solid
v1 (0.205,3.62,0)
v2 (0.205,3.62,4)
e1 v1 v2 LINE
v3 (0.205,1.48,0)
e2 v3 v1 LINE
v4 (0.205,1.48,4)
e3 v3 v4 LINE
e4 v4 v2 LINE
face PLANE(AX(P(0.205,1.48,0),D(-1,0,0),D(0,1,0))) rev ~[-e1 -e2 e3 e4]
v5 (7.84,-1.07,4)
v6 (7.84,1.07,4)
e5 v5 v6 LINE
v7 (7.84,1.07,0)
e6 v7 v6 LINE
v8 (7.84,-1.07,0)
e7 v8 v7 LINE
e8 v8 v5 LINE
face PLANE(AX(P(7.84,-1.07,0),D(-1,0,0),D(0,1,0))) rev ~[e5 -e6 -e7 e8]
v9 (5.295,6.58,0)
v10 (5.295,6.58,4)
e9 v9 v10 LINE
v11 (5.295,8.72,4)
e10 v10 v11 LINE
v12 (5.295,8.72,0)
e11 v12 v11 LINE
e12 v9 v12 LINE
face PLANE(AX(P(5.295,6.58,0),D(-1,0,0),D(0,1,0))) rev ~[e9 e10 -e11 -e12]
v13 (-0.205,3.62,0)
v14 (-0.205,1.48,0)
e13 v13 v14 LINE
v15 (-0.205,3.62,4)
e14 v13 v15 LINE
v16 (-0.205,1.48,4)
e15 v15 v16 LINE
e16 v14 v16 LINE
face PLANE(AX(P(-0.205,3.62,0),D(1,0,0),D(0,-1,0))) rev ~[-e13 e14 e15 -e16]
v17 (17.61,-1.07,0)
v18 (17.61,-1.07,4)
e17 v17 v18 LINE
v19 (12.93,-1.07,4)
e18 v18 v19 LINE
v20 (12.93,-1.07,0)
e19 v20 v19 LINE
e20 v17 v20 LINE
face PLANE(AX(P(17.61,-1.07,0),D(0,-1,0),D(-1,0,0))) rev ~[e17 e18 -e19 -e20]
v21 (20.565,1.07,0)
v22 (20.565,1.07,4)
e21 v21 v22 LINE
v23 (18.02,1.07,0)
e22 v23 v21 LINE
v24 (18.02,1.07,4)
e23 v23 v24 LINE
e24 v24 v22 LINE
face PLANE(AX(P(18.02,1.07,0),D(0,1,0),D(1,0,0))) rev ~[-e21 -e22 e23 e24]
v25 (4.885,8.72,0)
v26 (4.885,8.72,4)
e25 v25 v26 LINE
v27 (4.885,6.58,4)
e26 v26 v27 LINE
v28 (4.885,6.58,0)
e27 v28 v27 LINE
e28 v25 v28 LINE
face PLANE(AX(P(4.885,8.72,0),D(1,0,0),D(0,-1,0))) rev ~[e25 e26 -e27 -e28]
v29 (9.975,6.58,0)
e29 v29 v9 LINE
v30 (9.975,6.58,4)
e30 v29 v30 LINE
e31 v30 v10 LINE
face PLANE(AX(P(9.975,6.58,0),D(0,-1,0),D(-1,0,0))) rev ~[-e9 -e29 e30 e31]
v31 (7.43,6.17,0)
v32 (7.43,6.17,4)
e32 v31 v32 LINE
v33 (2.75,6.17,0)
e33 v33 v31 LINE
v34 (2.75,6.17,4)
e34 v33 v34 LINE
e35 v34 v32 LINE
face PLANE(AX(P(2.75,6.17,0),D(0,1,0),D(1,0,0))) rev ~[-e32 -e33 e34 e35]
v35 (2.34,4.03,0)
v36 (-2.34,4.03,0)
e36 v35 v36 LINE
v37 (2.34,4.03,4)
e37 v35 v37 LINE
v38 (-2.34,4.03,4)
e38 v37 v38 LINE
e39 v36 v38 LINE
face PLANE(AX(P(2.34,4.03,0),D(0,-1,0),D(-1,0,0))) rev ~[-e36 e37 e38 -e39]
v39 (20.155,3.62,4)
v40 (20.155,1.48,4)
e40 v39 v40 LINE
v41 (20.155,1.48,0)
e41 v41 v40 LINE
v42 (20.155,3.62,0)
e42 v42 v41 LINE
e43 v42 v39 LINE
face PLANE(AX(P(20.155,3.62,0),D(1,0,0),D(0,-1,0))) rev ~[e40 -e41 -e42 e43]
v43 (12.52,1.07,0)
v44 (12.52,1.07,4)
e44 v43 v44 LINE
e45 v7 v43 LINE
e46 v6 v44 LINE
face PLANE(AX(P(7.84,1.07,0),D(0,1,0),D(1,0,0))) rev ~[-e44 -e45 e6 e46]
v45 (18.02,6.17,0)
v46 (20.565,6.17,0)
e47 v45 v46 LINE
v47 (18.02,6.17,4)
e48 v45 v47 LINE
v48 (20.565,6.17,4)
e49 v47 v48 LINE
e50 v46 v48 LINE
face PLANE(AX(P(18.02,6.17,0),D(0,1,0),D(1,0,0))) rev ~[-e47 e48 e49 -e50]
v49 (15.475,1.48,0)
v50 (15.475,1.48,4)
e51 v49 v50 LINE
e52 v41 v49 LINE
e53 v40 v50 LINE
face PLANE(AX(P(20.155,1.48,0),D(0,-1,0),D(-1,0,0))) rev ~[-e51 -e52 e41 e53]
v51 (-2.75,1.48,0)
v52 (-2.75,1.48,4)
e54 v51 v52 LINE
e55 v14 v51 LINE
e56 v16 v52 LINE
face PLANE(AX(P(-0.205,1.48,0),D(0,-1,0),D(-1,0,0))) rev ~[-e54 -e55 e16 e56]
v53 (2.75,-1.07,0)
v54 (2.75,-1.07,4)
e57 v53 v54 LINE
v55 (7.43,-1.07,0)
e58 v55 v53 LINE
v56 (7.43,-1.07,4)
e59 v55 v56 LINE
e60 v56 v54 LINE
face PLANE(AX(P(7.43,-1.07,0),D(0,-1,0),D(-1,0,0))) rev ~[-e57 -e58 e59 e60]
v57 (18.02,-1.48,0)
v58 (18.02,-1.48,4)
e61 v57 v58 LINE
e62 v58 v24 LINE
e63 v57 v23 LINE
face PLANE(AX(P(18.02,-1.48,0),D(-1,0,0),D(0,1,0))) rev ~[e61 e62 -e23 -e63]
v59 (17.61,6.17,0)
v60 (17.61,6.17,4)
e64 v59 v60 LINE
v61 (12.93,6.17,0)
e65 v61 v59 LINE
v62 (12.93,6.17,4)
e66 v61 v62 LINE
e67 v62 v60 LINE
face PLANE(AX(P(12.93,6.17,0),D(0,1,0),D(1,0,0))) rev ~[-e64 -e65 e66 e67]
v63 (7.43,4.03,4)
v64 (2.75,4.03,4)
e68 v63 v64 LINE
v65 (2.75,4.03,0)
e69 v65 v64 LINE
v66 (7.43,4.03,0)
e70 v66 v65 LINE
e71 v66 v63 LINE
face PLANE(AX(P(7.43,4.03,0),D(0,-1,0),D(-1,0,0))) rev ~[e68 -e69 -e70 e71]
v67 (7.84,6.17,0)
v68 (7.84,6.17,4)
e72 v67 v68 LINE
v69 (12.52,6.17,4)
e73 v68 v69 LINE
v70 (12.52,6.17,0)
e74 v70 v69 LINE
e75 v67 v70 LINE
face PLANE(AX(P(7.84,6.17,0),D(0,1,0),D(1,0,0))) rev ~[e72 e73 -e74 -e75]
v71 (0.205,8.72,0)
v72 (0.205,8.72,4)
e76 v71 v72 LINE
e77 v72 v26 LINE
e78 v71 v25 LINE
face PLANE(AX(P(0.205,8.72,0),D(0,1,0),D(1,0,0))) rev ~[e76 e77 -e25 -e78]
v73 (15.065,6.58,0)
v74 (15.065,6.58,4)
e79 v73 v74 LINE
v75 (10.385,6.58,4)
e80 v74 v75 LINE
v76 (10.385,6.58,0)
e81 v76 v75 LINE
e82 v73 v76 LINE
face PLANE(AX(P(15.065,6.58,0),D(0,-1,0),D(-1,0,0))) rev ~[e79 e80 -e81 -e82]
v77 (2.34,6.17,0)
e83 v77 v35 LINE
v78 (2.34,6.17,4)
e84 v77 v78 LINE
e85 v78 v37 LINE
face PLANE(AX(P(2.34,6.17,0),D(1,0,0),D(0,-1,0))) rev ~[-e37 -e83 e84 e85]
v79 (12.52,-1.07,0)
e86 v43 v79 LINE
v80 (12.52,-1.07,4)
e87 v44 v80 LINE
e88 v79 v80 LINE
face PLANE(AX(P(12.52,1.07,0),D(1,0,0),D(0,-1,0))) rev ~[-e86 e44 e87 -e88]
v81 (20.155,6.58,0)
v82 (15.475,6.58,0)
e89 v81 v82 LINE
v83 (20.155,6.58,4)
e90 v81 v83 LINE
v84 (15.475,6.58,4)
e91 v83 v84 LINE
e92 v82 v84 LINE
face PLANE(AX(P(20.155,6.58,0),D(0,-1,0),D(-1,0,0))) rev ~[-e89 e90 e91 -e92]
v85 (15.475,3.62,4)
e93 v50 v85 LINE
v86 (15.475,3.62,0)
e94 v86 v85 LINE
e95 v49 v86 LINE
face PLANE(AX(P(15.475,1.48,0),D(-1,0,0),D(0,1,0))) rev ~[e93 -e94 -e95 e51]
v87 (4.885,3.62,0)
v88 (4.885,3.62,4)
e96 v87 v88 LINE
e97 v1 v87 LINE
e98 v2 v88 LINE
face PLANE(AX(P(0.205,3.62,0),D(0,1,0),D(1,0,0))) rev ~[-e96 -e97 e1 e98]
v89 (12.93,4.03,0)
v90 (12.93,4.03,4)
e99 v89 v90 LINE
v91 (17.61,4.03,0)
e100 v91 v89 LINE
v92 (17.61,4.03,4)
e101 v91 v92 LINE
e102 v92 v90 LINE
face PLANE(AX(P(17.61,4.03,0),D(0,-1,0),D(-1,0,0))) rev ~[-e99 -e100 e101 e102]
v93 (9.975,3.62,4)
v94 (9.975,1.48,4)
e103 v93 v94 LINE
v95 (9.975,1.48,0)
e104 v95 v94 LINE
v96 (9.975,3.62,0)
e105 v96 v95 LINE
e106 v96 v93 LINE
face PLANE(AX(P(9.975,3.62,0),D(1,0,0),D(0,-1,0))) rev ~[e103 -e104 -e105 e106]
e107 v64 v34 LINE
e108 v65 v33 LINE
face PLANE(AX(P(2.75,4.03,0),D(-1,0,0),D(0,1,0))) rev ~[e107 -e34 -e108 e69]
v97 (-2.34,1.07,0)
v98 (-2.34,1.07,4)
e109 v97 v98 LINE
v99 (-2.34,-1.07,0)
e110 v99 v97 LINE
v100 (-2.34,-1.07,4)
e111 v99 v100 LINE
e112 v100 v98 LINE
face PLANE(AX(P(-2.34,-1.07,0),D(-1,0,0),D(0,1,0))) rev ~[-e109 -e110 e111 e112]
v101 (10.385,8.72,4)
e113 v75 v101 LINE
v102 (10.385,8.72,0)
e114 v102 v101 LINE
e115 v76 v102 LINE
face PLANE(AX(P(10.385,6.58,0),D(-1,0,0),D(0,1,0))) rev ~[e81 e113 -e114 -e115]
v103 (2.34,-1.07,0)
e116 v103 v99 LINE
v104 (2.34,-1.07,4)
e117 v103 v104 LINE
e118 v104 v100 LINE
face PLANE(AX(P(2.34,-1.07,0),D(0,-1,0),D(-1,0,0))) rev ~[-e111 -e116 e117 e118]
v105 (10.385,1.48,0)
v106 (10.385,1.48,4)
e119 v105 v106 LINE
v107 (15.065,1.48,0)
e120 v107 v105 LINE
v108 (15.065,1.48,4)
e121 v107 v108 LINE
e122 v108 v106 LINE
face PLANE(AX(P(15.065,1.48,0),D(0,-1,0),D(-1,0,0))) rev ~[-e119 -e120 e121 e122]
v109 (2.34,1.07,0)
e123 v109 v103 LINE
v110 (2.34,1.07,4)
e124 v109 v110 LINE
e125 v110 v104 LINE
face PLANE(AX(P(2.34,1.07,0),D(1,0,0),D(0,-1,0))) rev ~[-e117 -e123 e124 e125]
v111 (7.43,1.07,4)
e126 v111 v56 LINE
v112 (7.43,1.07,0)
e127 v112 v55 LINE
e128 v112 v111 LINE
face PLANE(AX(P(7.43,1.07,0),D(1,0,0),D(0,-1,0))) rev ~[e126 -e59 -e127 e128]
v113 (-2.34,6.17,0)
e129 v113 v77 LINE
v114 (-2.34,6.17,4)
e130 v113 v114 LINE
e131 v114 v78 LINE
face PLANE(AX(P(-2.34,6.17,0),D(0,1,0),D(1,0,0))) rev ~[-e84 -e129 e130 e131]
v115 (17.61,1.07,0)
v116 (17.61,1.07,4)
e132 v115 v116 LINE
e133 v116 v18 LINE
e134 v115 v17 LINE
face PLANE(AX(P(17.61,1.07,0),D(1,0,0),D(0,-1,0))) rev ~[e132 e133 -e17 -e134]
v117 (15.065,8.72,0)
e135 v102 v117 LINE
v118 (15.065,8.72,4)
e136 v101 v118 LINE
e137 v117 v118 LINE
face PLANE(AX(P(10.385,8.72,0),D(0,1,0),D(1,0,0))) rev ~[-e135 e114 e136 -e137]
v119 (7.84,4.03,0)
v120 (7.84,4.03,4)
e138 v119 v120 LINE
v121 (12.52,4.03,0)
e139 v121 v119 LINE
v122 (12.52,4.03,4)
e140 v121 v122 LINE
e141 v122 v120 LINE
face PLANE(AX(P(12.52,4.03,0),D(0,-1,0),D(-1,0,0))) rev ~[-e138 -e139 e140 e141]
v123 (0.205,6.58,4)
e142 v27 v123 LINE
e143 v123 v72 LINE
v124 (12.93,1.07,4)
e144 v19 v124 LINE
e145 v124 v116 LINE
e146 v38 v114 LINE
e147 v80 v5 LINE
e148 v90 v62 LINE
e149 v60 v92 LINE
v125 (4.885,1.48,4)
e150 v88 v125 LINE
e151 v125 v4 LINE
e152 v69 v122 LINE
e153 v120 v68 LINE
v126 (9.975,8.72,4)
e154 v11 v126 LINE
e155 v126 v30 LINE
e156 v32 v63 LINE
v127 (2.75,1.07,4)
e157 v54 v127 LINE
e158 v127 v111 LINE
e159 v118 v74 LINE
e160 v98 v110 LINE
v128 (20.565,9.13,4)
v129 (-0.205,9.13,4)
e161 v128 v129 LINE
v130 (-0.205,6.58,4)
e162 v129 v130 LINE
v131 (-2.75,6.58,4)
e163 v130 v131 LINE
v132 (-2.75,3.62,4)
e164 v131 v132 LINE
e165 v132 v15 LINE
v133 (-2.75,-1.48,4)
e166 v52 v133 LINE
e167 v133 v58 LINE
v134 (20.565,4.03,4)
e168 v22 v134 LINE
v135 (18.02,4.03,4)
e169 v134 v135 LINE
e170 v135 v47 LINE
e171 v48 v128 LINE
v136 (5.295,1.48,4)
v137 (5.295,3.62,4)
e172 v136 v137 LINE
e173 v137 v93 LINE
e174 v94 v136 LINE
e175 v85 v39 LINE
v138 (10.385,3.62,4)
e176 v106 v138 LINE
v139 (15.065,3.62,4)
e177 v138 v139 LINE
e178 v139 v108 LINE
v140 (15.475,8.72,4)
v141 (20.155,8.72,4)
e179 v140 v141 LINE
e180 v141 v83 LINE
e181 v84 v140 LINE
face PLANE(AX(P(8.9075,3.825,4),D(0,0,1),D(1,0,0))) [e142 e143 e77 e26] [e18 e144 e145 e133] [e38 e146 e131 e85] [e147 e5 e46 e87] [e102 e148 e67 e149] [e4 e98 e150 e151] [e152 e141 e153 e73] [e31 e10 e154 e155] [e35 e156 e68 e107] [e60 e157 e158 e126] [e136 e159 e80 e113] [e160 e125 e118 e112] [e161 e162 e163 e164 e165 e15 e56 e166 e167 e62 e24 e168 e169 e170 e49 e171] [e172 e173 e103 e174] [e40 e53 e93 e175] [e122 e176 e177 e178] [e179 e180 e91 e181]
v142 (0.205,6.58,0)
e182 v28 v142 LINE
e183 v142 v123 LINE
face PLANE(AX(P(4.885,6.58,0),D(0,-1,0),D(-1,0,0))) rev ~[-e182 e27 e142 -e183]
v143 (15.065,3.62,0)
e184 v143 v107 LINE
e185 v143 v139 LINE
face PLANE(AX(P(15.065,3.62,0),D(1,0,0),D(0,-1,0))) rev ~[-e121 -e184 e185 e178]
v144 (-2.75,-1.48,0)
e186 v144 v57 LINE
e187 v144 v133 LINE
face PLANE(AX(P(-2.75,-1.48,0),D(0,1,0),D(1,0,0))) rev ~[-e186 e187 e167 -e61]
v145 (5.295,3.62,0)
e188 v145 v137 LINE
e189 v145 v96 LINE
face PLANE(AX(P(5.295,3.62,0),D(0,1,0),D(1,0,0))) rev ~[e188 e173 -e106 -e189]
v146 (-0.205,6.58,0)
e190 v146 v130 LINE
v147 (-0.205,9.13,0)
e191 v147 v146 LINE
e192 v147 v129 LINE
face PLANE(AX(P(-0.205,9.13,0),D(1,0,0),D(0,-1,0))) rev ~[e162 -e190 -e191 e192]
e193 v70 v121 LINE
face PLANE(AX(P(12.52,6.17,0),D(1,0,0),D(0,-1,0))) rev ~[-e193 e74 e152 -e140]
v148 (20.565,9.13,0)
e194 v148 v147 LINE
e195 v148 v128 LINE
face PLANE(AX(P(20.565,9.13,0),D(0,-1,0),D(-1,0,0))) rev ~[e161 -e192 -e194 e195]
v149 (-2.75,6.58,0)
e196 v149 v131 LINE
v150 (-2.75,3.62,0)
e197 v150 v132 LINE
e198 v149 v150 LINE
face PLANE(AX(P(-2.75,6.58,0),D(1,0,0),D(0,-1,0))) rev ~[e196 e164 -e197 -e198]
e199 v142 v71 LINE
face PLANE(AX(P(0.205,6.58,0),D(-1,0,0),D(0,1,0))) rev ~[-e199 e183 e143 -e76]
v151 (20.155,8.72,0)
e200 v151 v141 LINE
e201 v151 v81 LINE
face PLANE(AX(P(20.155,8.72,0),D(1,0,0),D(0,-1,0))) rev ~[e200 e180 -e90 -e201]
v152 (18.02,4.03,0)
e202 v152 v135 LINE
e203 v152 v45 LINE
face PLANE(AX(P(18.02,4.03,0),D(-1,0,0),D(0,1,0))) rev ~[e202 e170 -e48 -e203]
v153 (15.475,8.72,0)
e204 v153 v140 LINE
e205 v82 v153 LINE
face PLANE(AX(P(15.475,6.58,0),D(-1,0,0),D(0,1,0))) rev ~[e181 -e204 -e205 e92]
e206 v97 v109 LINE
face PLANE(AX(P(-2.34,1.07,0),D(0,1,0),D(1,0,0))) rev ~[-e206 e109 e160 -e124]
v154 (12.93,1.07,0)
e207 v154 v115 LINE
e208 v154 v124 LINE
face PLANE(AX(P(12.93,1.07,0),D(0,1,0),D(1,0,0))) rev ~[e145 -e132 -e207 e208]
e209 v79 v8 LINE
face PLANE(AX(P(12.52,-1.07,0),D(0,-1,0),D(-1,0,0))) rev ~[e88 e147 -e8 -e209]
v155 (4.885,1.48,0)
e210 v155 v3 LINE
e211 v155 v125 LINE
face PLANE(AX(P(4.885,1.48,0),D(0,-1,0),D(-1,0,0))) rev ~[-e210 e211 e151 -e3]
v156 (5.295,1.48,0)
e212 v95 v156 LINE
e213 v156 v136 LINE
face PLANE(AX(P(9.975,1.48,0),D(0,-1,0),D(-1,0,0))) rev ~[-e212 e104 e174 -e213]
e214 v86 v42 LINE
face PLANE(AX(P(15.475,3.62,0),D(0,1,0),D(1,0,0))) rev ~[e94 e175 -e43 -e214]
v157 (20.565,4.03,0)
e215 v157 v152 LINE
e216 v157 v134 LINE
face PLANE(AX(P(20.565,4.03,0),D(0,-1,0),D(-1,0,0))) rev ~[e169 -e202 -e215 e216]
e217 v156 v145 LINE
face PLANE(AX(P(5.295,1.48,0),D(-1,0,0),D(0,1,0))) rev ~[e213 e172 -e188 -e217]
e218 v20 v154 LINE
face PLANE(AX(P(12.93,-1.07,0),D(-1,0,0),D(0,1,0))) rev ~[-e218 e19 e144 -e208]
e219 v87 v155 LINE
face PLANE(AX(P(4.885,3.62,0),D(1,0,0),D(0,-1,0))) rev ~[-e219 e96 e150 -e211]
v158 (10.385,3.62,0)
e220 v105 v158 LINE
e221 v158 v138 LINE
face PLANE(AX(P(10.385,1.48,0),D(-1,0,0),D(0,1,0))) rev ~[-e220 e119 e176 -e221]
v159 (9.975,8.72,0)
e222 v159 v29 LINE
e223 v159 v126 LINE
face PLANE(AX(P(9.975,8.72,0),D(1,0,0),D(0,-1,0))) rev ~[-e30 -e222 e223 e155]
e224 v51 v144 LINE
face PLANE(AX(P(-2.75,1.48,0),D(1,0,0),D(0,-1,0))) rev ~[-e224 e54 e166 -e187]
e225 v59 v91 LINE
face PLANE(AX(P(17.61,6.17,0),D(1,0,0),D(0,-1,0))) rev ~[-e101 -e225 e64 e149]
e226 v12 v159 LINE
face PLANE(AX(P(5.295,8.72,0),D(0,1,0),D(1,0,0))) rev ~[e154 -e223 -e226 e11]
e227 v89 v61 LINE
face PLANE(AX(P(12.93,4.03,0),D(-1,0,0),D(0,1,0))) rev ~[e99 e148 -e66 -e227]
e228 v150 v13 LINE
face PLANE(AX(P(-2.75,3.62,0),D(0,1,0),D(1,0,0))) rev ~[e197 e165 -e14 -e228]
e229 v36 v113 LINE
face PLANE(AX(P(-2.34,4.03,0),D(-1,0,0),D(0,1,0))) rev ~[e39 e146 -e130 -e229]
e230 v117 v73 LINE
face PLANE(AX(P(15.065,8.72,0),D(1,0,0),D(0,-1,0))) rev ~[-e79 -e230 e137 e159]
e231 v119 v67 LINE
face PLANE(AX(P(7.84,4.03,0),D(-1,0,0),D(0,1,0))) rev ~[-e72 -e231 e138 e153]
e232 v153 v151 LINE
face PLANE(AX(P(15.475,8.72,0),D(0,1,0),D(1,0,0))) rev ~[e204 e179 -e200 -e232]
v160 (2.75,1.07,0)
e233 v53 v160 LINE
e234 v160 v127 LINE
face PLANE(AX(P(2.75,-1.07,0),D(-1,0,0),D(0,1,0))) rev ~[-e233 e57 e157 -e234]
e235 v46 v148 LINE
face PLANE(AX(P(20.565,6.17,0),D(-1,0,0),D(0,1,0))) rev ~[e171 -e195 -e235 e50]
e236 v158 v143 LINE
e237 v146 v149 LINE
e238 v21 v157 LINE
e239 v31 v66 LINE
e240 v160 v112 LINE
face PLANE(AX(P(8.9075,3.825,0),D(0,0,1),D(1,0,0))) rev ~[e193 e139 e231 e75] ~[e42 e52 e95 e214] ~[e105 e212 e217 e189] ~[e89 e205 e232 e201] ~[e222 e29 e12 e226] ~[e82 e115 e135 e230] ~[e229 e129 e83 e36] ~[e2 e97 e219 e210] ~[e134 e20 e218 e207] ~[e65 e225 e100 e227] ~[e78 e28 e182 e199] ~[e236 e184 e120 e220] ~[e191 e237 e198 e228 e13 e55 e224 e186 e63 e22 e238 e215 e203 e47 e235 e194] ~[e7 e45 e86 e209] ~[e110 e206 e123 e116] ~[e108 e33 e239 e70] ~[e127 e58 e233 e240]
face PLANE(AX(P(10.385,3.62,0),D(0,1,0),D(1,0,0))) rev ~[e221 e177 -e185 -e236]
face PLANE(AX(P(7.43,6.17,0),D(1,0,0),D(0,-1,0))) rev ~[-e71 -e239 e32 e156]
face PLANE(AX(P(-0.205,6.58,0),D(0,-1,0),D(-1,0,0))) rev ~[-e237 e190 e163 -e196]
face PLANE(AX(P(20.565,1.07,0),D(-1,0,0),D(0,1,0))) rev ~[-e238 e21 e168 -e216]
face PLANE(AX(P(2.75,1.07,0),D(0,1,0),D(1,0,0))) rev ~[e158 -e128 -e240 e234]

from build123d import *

# Parameters (mm, degrees)
EXTRUDE_1_DEPTH = 4


with BuildPart() as part:
    # 草图1 → 凸台-拉伸1 (new body)
    with BuildSketch(Plane.XY):
        Polygon((-2.75, 1.48), (-2.75, -1.48), (2.34, -1.48), (2.75, -1.48), (7.43, -1.48), (7.84, -1.48), (12.52, -1.48), (12.93, -1.48), (18.02, -1.48), (18.02, 1.07), (20.565, 1.07), (20.565, 4.03), (18.02, 4.03), (18.02, 6.17), (20.565, 6.17), (20.565, 9.13), (15.475, 9.13), (15.065, 9.13), (10.385, 9.13), (9.975, 9.13), (5.295, 9.13), (4.885, 9.13), (-0.205, 9.13), (-0.205, 6.58), (-2.75, 6.58), (-2.75, 3.62), (-0.205, 3.62), (-0.205, 1.48), align=None)
        Polygon((-2.34, 1.07), (-0.205, 1.07), (0.205, 1.07), (2.34, 1.07), (2.34, 0.205), (2.34, -0.205), (2.34, -1.07), (0.205, -1.07), (-0.205, -1.07), (-2.34, -1.07), (-2.34, -0.205), (-2.34, 0.205), align=None, mode=Mode.SUBTRACT)
        Polygon((2.75, 0.205), (2.75, 1.07), (4.885, 1.07), (5.295, 1.07), (7.43, 1.07), (7.43, 0.205), (7.43, -0.205), (7.43, -1.07), (5.295, -1.07), (4.885, -1.07), (2.75, -1.07), (2.75, -0.205), align=None, mode=Mode.SUBTRACT)
        Polygon((4.885, 1.48), (2.75, 1.48), (2.34, 1.48), (0.205, 1.48), (0.205, 2.345), (0.205, 2.755), (0.205, 3.62), (2.34, 3.62), (2.75, 3.62), (4.885, 3.62), (4.885, 2.755), (4.885, 2.345), align=None, mode=Mode.SUBTRACT)
        Polygon((9.975, 1.48), (7.84, 1.48), (7.43, 1.48), (5.295, 1.48), (5.295, 2.345), (5.295, 2.755), (5.295, 3.62), (7.43, 3.62), (7.84, 3.62), (9.975, 3.62), (9.975, 2.755), (9.975, 2.345), align=None, mode=Mode.SUBTRACT)
        Polygon((7.84, 0.205), (7.84, 1.07), (9.975, 1.07), (10.385, 1.07), (12.52, 1.07), (12.52, 0.205), (12.52, -0.205), (12.52, -1.07), (10.385, -1.07), (9.975, -1.07), (7.84, -1.07), (7.84, -0.205), align=None, mode=Mode.SUBTRACT)
        Polygon((12.93, 0.205), (12.93, 1.07), (15.065, 1.07), (15.475, 1.07), (17.61, 1.07), (17.61, 0.205), (17.61, -0.205), (17.61, -1.07), (15.475, -1.07), (15.065, -1.07), (12.93, -1.07), (12.93, -0.205), align=None, mode=Mode.SUBTRACT)
        Polygon((15.065, 1.48), (12.93, 1.48), (12.52, 1.48), (10.385, 1.48), (10.385, 2.345), (10.385, 2.755), (10.385, 3.62), (12.52, 3.62), (12.93, 3.62), (15.065, 3.62), (15.065, 2.755), (15.065, 2.345), align=None, mode=Mode.SUBTRACT)
        Polygon((20.155, 3.62), (20.155, 2.755), (20.155, 2.345), (20.155, 1.48), (18.02, 1.48), (17.61, 1.48), (15.475, 1.48), (15.475, 2.345), (15.475, 2.755), (15.475, 3.62), (17.61, 3.62), (18.02, 3.62), align=None, mode=Mode.SUBTRACT)
        Polygon((-0.205, 4.03), (-2.34, 4.03), (-2.34, 4.895), (-2.34, 5.305), (-2.34, 6.17), (-0.205, 6.17), (0.205, 6.17), (2.34, 6.17), (2.34, 5.305), (2.34, 4.895), (2.34, 4.03), (0.205, 4.03), align=None, mode=Mode.SUBTRACT)
        Polygon((4.885, 4.03), (2.75, 4.03), (2.75, 4.895), (2.75, 5.305), (2.75, 6.17), (4.885, 6.17), (5.295, 6.17), (7.43, 6.17), (7.43, 5.305), (7.43, 4.895), (7.43, 4.03), (5.295, 4.03), align=None, mode=Mode.SUBTRACT)
        Polygon((4.885, 6.58), (2.75, 6.58), (2.34, 6.58), (0.205, 6.58), (0.205, 7.445), (0.205, 7.855), (0.205, 8.72), (2.34, 8.72), (2.75, 8.72), (4.885, 8.72), (4.885, 7.855), (4.885, 7.445), align=None, mode=Mode.SUBTRACT)
        Polygon((5.295, 7.445), (5.295, 7.855), (5.295, 8.72), (7.43, 8.72), (7.84, 8.72), (9.975, 8.72), (9.975, 7.855), (9.975, 7.445), (9.975, 6.58), (7.84, 6.58), (7.43, 6.58), (5.295, 6.58), align=None, mode=Mode.SUBTRACT)
        Polygon((9.975, 4.03), (7.84, 4.03), (7.84, 4.895), (7.84, 5.305), (7.84, 6.17), (9.975, 6.17), (10.385, 6.17), (12.52, 6.17), (12.52, 5.305), (12.52, 4.895), (12.52, 4.03), (10.385, 4.03), align=None, mode=Mode.SUBTRACT)
        Polygon((15.065, 4.03), (12.93, 4.03), (12.93, 4.895), (12.93, 5.305), (12.93, 6.17), (15.065, 6.17), (15.475, 6.17), (17.61, 6.17), (17.61, 5.305), (17.61, 4.895), (17.61, 4.03), (15.475, 4.03), align=None, mode=Mode.SUBTRACT)
        Polygon((10.385, 7.445), (10.385, 7.855), (10.385, 8.72), (12.52, 8.72), (12.93, 8.72), (15.065, 8.72), (15.065, 7.855), (15.065, 7.445), (15.065, 6.58), (12.93, 6.58), (12.52, 6.58), (10.385, 6.58), align=None, mode=Mode.SUBTRACT)
        Polygon((15.475, 7.445), (15.475, 7.855), (15.475, 8.72), (17.61, 8.72), (18.02, 8.72), (20.155, 8.72), (20.155, 6.58), (18.02, 6.58), (17.61, 6.58), (15.475, 6.58), align=None, mode=Mode.SUBTRACT)
    extrude(amount=EXTRUDE_1_DEPTH)


solid = part.part
